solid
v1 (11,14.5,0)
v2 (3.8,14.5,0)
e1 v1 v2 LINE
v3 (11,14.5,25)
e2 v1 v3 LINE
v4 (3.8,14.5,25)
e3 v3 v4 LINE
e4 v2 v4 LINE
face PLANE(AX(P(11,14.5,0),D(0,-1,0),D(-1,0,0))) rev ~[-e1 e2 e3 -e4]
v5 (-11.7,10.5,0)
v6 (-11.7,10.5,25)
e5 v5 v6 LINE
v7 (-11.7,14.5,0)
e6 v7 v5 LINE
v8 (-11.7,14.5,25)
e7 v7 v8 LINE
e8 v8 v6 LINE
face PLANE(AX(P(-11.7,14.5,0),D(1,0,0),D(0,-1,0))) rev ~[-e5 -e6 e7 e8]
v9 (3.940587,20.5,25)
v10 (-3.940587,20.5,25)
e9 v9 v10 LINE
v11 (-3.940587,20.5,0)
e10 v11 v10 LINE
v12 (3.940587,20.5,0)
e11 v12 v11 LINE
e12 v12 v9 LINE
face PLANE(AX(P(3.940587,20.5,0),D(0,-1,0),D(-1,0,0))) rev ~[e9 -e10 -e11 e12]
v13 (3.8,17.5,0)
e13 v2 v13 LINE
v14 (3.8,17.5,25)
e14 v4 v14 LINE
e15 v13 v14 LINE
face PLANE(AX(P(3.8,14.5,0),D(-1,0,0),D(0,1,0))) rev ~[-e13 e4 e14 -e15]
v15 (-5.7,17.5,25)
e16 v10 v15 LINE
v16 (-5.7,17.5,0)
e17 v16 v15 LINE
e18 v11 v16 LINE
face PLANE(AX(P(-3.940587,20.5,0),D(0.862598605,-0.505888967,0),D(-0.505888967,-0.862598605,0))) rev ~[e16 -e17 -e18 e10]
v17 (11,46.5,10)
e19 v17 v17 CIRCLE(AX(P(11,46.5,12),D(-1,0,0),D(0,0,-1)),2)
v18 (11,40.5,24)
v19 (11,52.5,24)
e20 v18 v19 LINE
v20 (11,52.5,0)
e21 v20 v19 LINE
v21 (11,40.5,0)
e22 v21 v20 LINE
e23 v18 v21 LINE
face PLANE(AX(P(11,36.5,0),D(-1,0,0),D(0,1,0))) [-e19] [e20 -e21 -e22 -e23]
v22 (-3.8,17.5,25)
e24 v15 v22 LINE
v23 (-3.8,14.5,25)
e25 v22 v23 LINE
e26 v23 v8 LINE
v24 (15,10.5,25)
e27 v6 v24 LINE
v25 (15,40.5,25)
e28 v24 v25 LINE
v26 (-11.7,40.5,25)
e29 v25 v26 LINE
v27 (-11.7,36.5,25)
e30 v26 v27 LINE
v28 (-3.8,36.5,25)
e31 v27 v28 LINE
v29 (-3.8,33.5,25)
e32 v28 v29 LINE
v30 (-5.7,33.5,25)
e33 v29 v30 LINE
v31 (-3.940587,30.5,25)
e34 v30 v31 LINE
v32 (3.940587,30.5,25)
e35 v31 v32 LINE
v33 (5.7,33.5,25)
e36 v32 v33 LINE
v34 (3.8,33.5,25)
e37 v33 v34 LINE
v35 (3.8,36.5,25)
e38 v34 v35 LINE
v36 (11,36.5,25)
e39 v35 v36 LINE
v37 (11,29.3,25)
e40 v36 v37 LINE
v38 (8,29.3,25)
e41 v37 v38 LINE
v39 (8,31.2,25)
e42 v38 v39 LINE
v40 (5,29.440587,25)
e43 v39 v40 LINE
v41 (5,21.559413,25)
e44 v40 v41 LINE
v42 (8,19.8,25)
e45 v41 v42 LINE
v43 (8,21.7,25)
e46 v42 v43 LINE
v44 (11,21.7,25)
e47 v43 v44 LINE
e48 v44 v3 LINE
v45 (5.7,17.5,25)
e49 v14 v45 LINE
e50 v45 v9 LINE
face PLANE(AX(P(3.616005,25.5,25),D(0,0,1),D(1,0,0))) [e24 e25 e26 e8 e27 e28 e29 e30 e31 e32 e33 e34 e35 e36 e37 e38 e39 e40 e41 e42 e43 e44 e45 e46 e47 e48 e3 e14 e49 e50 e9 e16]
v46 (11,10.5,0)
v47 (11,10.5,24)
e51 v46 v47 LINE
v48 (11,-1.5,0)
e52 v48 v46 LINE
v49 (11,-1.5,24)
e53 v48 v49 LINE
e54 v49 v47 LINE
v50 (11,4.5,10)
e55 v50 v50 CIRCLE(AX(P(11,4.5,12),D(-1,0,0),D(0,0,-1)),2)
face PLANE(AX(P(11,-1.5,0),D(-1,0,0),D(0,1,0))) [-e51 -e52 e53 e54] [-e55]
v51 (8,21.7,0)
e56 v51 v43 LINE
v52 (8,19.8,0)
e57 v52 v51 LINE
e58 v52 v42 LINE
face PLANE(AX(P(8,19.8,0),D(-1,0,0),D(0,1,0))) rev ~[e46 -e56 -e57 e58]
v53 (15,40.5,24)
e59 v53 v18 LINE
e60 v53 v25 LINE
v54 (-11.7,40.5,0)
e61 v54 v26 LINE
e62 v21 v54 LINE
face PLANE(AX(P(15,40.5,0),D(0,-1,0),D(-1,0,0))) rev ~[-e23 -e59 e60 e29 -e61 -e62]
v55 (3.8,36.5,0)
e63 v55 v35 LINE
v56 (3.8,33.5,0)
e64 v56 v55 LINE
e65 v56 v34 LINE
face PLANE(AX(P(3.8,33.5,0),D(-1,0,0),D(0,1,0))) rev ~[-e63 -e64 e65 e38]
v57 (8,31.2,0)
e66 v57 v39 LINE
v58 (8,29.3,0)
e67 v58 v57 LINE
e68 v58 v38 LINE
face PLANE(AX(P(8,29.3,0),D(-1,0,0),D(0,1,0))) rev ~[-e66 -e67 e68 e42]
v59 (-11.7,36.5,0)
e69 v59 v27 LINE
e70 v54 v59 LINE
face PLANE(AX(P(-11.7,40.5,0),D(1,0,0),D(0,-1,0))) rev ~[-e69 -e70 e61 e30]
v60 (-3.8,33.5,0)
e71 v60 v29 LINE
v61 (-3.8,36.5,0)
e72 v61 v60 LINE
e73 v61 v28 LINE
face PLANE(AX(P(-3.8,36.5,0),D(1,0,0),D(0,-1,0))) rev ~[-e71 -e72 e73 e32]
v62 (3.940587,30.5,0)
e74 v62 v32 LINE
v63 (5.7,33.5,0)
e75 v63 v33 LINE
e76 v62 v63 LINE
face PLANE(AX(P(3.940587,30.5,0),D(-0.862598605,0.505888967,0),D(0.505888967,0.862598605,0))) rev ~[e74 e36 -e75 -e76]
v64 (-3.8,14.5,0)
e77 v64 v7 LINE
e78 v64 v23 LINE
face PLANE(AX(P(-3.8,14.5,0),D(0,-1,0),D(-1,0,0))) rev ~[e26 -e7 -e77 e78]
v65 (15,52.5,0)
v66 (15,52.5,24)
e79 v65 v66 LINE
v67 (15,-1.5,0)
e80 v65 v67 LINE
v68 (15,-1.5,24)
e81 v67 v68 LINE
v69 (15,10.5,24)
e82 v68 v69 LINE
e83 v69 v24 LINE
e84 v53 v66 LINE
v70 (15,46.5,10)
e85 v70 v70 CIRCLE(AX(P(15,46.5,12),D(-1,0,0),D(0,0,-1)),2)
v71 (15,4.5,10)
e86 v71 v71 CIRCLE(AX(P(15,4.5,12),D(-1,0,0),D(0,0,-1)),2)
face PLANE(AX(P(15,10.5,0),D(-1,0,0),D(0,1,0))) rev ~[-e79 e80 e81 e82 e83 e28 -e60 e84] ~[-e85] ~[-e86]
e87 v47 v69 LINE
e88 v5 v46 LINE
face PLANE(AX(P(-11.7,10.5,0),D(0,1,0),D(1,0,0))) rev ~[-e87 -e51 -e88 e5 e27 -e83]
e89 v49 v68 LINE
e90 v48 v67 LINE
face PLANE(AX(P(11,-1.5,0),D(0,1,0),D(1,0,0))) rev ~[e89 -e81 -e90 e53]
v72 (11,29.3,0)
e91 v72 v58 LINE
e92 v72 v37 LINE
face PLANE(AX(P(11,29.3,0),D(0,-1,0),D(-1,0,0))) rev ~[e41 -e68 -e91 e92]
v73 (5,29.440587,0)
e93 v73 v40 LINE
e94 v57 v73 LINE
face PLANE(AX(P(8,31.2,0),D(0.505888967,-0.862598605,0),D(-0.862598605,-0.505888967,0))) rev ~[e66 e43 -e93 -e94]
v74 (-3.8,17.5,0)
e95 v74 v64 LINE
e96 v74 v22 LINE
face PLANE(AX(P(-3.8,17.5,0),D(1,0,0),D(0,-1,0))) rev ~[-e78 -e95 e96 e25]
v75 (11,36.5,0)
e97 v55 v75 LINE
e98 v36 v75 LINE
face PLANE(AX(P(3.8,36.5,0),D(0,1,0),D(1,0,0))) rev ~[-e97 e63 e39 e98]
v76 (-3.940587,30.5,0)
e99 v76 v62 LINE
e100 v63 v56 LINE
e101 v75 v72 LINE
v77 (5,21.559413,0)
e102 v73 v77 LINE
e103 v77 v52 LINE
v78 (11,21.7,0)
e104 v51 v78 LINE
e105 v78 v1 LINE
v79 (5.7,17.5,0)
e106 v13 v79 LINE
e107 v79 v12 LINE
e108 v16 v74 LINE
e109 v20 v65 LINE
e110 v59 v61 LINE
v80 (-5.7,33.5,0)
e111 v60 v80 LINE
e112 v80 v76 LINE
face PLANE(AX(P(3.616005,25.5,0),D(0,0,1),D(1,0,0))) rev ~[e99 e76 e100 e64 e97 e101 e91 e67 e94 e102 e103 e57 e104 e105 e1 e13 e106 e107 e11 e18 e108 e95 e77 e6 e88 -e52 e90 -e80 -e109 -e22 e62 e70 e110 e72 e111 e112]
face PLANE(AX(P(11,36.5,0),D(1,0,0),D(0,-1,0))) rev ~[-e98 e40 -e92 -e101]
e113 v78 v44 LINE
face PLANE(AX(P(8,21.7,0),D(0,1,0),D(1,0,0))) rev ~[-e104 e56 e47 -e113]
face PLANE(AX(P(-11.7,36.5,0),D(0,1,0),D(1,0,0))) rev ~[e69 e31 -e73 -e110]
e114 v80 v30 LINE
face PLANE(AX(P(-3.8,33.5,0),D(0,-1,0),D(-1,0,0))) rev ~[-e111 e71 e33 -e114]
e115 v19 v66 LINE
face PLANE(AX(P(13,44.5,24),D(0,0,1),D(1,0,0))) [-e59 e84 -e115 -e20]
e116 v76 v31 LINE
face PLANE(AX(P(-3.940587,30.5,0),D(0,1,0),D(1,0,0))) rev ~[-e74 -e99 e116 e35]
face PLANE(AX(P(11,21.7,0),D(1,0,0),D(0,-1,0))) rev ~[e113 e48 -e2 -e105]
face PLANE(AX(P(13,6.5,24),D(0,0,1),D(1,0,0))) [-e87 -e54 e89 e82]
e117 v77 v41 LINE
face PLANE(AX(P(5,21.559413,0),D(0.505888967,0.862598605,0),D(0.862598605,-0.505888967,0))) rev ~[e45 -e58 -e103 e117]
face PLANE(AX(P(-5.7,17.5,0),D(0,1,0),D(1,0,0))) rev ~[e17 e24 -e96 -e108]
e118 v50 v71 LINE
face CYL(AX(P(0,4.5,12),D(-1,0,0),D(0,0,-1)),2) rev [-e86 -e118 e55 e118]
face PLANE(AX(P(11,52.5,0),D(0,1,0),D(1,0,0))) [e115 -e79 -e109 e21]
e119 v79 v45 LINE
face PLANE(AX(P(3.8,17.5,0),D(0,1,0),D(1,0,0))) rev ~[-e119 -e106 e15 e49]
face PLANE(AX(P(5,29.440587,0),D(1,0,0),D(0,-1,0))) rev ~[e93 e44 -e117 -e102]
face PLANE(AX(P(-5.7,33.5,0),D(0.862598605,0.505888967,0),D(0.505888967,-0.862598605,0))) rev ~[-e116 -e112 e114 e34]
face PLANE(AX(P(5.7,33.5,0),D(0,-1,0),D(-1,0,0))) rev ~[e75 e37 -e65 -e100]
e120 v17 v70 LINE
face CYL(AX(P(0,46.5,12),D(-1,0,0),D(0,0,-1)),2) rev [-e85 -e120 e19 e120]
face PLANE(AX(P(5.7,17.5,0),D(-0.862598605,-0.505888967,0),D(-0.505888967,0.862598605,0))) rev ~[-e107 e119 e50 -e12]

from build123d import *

# Parameters (mm, degrees)
RESSALTO_EXTRUS_O3_DEPTH = 25
ESBO_O6_W                = 4
ESBO_O6_H                = 16
RESSALTO_EXTRUS_O6_DEPTH = 24
ESBO_O7_R                = 2
CORTE_EXTRUS_O3_DEPTH    = 43


with BuildPart() as part:
    # Esboço1 → Ressalto-extrusão3 (new body)
    with BuildSketch(Plane.XY):
        Polygon((-3.8, 33.5), (-5.7, 33.5), (-3.940587347, 30.5), (3.940587347, 30.5), (5.7, 33.5), (3.8, 33.5), (3.8, 36.5), (11, 36.5), (11, 29.3), (8, 29.3), (8, 31.2), (5, 29.440587347), (5, 21.559412653), (8, 19.8), (8, 21.7), (11, 21.7), (11, 14.5), (3.8, 14.5), (3.8, 17.5), (5.7, 17.5), (3.940587347, 20.5), (-3.940587347, 20.5), (-5.7, 17.5), (-3.8, 17.5), (-3.8, 14.5), (-11.2, 14.5), (-11.7, 14.5), (-11.7, 10.5), (11.7, 10.5), (15, 10.5), (15, 37.2), (15, 40.5), (-11.7, 40.5), (-11.7, 36.5), (-3.8, 36.5), align=None)
    extrude(amount=RESSALTO_EXTRUS_O3_DEPTH)

    # Esboço6 → Ressalto-extrusão6 (add)
    with BuildSketch(Plane.XY):
        with Locations((13, 44.5)):
            Rectangle(ESBO_O6_W, ESBO_O6_H)
        with Locations((13, 6.5)):
            Rectangle(ESBO_O6_W, ESBO_O6_H)
    extrude(amount=RESSALTO_EXTRUS_O6_DEPTH)

    # Esboço7 → Corte-extrusão3 (cut)
    with BuildSketch(Plane(origin=(0, 0, 0), x_dir=(0, 0, -1), z_dir=(1, 0, 0))):
        with Locations((-12, 46.5)):
            Circle(ESBO_O7_R)
        with Locations((-12, 4.5)):
            Circle(ESBO_O7_R)
    extrude(amount=CORTE_EXTRUS_O3_DEPTH, mode=Mode.SUBTRACT)


solid = part.part
